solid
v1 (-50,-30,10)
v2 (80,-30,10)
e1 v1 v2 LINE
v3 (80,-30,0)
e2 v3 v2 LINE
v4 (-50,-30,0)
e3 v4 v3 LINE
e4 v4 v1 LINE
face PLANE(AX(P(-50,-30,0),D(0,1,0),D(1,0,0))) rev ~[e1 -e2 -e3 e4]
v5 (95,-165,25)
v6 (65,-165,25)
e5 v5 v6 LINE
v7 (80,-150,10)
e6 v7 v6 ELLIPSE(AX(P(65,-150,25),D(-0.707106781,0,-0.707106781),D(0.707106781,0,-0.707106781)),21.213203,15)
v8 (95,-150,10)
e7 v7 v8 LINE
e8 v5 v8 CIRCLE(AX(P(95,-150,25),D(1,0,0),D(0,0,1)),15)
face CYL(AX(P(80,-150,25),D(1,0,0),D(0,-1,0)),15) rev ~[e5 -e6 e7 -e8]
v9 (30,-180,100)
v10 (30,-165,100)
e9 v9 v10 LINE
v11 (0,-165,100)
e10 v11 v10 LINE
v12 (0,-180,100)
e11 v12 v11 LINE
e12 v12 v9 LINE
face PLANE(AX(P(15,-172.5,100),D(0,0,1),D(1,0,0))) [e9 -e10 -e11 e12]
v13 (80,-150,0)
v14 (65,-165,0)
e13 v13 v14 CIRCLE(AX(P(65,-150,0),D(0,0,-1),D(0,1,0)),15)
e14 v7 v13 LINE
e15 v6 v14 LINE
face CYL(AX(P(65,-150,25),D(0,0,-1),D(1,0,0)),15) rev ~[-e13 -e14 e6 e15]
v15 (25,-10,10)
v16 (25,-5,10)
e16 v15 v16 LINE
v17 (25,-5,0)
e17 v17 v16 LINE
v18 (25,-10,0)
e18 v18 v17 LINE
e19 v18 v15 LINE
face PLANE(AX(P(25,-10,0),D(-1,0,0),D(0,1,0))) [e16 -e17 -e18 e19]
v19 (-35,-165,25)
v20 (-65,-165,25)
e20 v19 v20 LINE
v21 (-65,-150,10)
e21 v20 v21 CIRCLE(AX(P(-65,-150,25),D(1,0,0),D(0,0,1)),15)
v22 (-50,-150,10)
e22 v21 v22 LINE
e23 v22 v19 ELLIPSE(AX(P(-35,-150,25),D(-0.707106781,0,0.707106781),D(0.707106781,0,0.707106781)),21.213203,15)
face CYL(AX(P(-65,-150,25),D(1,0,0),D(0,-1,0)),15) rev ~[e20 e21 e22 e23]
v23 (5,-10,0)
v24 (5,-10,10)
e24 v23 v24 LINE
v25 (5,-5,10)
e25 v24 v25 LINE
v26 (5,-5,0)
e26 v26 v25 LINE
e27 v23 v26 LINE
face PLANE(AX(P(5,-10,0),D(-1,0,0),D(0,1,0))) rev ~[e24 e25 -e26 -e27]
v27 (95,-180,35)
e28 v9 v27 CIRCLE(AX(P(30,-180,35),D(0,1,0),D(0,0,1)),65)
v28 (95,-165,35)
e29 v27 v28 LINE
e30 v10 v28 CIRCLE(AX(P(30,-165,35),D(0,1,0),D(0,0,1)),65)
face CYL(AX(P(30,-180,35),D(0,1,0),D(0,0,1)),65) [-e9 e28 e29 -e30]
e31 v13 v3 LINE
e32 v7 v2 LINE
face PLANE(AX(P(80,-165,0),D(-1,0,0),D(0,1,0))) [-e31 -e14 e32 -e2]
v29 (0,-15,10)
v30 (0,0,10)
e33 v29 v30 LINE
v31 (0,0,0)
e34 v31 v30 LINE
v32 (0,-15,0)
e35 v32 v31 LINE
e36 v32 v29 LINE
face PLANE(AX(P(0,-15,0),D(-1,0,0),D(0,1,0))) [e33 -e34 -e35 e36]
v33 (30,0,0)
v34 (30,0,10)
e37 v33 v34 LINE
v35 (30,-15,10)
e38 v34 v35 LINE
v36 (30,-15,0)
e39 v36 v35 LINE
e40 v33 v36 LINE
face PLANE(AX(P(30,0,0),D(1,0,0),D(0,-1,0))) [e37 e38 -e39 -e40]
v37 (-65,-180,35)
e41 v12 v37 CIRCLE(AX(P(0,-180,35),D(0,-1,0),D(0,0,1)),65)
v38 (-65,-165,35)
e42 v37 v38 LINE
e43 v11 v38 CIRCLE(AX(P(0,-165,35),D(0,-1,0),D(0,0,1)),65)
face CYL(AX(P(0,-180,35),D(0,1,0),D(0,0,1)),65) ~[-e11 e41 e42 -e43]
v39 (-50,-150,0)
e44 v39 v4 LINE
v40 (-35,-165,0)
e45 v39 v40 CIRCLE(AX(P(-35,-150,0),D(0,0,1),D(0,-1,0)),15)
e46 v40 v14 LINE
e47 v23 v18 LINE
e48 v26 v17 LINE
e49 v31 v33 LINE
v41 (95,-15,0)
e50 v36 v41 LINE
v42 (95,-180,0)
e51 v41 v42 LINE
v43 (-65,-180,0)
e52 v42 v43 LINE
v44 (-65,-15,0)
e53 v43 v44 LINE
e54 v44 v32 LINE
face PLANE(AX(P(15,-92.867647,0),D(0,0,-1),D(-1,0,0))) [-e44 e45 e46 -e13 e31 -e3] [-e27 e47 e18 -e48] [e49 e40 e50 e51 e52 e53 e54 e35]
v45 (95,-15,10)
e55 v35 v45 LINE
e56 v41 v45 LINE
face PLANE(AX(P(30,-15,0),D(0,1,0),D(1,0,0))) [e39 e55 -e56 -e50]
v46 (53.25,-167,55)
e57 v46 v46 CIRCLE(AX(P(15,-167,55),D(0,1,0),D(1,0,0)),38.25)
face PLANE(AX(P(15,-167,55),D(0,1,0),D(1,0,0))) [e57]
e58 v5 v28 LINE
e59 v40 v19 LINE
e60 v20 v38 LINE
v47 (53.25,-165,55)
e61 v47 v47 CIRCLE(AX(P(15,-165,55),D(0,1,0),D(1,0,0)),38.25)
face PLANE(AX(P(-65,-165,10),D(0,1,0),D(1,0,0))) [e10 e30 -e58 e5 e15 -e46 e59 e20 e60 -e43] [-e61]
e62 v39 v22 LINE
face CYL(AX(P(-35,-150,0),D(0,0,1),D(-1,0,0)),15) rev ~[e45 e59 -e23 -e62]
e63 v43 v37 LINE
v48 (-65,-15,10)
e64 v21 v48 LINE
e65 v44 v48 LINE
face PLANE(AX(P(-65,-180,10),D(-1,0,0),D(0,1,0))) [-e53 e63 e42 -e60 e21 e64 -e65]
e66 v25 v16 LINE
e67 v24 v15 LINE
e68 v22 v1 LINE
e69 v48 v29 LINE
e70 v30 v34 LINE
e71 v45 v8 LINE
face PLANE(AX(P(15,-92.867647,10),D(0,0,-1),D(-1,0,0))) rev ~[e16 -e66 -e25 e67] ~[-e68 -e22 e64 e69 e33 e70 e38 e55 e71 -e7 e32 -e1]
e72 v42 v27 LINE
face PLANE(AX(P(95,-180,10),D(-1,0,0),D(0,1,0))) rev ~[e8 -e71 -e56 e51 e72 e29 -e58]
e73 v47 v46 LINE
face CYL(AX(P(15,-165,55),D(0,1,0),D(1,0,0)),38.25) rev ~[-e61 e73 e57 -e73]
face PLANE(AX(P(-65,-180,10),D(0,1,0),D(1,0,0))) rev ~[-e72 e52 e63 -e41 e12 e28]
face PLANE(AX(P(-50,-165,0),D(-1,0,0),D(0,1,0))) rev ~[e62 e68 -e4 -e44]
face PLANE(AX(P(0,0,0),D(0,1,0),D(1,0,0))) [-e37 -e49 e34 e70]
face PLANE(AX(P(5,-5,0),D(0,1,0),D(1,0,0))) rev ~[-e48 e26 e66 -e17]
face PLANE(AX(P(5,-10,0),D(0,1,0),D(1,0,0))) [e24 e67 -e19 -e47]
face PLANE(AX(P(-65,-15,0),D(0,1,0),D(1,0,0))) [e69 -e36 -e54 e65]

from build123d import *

# Parameters (mm, degrees)
SKETCH_1_W          = 20
SKETCH_1_H          = 5
SKETCH_1_W_2        = 130
SKETCH_1_H_2        = 135
EXTRUDE_1_DEPTH     = 10
SKETCH_2_W          = 160
SKETCH_2_H          = 15
EXTRUDE_2_DEPTH     = 90
SKETCH_3_R          = 38.25
CUT_EXTRUDE_1_DEPTH = 2
FILLET_1_R          = 15
FILLET_2_R          = 15
FILLET_3_R          = 65


with BuildPart() as part:
    # 草图1 → 凸台-拉伸1 (new body)
    with BuildSketch(Plane.XY):
        Polygon((0, 0), (30, 0), (30, -15), (95, -15), (95, -180), (-65, -180), (-65, -15), (0, -15), align=None)
        with Locations((15, -7.5)):
            Rectangle(SKETCH_1_W, SKETCH_1_H, mode=Mode.SUBTRACT)
        with Locations((15, -97.5)):
            Rectangle(SKETCH_1_W_2, SKETCH_1_H_2, mode=Mode.SUBTRACT)
    extrude(amount=EXTRUDE_1_DEPTH)

    # 草图2 → 凸台-拉伸2 (add)
    with BuildSketch(Plane.XY.offset(10)):
        with Locations((15, -172.5)):
            Rectangle(SKETCH_2_W, SKETCH_2_H)
    extrude(amount=EXTRUDE_2_DEPTH)

    # 草图3 → 切除-拉伸1 (cut)
    with BuildSketch(Plane(origin=(0, -165, 0), x_dir=(1, 0, 0), z_dir=(0, 1, 0))):
        with Locations((15, -55)):
            Circle(SKETCH_3_R)
    extrude(amount=-CUT_EXTRUDE_1_DEPTH, mode=Mode.SUBTRACT)

    # 圆角1
    fillet_1_edges = [part.edges().sort_by_distance(p)[0] for p in [
        (-57.5, -165, 10),
        (87.5, -165, 10),
    ]]
    fillet(fillet_1_edges, radius=FILLET_1_R)

    # 圆角2
    fillet_2_edges = [part.edges().sort_by_distance(p)[0] for p in [
        (-50, -165, 17.5),
        (80, -165, 17.5),
    ]]
    fillet(fillet_2_edges, radius=FILLET_2_R)

    # 圆角3
    fillet_3_edges = [part.edges().sort_by_distance(p)[0] for p in [
        (-65, -172.5, 100),
        (95, -172.5, 100),
    ]]
    fillet(fillet_3_edges, radius=FILLET_3_R)


solid = part.part
